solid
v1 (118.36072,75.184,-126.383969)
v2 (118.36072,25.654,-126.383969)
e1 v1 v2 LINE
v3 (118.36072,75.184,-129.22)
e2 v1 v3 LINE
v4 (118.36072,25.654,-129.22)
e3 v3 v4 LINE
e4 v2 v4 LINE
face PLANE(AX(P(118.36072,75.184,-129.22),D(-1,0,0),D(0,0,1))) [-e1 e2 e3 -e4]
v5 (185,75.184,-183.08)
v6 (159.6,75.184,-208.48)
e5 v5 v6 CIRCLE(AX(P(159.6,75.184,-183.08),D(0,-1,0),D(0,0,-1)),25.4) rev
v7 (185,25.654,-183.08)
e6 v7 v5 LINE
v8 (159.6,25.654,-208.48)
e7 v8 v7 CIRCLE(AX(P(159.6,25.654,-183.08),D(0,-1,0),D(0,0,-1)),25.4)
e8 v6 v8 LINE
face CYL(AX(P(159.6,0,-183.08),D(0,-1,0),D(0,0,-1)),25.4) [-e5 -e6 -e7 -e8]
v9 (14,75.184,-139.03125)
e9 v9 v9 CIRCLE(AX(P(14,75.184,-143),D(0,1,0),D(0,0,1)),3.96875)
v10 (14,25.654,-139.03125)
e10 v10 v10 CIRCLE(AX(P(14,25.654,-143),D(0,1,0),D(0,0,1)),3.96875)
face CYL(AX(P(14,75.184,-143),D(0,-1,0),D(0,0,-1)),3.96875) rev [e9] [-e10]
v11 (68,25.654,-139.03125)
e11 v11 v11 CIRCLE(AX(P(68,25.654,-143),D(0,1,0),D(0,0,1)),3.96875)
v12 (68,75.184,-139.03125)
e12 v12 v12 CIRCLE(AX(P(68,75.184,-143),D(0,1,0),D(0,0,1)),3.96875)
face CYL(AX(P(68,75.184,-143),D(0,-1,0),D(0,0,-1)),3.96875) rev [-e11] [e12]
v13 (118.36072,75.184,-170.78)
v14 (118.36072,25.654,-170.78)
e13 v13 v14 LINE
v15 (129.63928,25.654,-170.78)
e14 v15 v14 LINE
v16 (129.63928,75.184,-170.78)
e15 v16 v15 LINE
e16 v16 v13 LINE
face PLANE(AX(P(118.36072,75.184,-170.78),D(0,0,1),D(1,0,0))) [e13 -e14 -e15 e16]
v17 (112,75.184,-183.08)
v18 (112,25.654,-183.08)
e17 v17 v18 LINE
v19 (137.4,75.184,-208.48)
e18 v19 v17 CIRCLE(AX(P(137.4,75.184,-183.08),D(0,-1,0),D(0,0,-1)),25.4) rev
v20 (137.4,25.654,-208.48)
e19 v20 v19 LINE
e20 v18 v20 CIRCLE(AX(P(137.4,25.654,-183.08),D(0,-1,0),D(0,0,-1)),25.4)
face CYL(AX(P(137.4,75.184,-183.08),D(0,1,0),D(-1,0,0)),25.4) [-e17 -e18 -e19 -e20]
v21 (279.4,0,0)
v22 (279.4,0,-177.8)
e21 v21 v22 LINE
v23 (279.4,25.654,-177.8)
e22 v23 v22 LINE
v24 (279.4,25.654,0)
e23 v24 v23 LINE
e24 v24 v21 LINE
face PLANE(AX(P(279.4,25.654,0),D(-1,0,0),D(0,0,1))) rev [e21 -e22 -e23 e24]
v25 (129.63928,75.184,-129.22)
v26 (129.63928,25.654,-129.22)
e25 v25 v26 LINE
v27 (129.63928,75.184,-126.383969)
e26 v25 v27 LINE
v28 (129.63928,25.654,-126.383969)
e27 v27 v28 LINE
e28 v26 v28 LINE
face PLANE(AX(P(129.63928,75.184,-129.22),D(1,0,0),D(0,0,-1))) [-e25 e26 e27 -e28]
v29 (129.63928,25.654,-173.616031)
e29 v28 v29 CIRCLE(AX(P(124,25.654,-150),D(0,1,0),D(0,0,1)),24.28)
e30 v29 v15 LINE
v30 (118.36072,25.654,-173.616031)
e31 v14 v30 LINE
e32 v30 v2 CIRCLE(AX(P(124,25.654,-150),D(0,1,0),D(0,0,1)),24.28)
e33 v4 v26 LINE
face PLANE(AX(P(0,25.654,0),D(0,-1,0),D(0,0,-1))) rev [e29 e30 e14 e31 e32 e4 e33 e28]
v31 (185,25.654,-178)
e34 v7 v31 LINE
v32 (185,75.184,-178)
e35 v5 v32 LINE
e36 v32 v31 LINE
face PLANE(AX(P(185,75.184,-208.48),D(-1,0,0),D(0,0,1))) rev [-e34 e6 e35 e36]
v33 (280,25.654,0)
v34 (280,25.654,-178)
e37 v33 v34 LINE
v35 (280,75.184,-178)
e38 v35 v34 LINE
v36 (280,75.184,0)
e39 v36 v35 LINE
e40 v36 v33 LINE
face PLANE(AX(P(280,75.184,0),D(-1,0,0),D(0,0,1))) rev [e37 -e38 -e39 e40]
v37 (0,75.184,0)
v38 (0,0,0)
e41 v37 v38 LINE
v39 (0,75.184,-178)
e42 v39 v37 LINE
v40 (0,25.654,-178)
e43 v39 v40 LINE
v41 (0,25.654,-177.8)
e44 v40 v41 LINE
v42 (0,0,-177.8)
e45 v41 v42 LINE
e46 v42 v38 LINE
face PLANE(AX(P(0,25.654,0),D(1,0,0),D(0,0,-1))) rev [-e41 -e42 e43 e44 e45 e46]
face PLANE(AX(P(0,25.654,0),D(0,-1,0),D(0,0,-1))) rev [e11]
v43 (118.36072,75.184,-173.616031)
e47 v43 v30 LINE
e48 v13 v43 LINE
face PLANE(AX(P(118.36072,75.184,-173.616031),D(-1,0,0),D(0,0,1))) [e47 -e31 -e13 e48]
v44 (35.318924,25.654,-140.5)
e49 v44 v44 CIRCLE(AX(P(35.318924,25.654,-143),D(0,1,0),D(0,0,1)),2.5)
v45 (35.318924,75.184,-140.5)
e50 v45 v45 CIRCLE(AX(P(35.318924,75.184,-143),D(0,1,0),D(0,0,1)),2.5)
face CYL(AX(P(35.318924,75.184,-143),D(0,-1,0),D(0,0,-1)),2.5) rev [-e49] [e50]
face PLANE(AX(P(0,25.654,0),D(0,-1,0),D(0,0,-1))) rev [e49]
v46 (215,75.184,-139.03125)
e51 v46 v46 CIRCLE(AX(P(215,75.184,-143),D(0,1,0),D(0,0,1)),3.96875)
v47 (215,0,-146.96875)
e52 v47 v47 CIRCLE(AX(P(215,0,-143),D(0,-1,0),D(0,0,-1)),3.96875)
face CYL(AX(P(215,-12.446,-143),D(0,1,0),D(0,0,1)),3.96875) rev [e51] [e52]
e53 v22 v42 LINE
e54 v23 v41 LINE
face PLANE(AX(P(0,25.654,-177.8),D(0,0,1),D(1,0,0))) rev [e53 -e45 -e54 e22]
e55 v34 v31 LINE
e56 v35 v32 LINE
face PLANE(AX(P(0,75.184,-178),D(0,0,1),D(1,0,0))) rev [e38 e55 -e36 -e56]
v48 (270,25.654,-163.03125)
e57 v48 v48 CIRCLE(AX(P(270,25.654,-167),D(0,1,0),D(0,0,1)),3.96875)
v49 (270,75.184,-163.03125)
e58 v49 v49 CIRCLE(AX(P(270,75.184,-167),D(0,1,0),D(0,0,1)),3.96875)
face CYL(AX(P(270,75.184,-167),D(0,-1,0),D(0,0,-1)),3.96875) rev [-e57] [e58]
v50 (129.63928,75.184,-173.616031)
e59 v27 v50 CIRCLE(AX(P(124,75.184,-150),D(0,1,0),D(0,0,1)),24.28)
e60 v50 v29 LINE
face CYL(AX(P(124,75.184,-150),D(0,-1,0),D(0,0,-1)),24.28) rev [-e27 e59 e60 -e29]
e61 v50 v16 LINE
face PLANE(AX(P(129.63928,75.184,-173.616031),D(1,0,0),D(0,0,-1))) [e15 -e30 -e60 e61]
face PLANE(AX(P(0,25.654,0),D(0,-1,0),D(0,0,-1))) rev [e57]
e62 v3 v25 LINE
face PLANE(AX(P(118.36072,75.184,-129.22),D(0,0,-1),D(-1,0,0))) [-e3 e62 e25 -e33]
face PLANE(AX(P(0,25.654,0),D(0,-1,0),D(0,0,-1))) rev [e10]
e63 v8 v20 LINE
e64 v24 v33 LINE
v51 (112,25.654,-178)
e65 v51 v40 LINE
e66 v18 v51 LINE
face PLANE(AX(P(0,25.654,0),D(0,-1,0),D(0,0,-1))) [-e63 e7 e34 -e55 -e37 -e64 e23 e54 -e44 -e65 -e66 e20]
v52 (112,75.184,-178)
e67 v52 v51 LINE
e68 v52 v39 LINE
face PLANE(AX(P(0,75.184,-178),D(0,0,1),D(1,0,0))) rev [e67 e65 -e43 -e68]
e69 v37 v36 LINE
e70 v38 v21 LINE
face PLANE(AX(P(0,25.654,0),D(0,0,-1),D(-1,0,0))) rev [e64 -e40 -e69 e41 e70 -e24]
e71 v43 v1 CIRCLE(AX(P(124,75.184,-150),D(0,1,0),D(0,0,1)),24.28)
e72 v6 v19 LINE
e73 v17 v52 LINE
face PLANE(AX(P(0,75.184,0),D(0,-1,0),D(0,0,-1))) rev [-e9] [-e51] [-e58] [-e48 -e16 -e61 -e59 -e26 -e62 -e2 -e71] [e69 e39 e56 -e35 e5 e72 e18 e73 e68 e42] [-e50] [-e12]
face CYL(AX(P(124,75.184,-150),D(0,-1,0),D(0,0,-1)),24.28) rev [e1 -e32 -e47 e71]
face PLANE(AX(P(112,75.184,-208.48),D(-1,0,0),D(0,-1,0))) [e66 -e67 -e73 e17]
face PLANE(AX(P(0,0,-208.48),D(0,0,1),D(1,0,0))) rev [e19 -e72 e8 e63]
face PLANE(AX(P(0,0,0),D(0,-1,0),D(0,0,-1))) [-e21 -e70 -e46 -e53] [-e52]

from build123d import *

# Parameters (mm, degrees)
SKETCH1_W           = 279.4
SKETCH1_H           = 177.8
BOSS_EXTRUDE1_DEPTH = 25.654
SKETCH9_R           = 3.96875
CUT_EXTRUDE1_DEPTH  = 38.1
SKETCH9_7_R         = 2.5
SKETCH9_7_R_2       = 3.96875
BOSS_EXTRUDE2_DEPTH = 49.53
SKETCH13_W          = 127.6
SKETCH13_H          = 108.000000046
BOSS_EXTRUDE3_DEPTH = 49.53
SKETCH14_W          = 73
SKETCH14_H          = 49.53
BOSS_EXTRUDE4_DEPTH = 30.48
FILLET1_R           = 25.4
FILLET2_R           = 25.4


with BuildPart() as part:
    # Sketch1 → Boss-Extrude1 (new body)
    with BuildSketch(Plane(origin=(0, 0, 0), x_dir=(1, 0, 0), z_dir=(0, 1, 0))):
        with Locations((139.7, 88.9)):
            Rectangle(SKETCH1_W, SKETCH1_H)
    extrude(amount=BOSS_EXTRUDE1_DEPTH)

    # Sketch9 → Cut-Extrude1 (cut)
    with BuildSketch(Plane(origin=(0, 25.654, 0), x_dir=(1, 0, 0), z_dir=(0, 1, 0))):
        with Locations((215, 143)):
            Circle(SKETCH9_R)
    extrude(amount=-CUT_EXTRUDE1_DEPTH, mode=Mode.SUBTRACT)

    # Sketch9<7> → Boss-Extrude2 (add)
    with BuildSketch(Plane(origin=(0, 25.654, 0), x_dir=(1, 0, 0), z_dir=(0, 1, 0))):
        Polygon((0, 108.000000046), (127.6, 108.000000046), (127.6, 0), (280, 0), (280, 178), (0, 178), align=None)
        with Locations((35.318924397, 143)):
            Circle(SKETCH9_7_R, mode=Mode.SUBTRACT)
        with Locations((14, 143)):
            Circle(SKETCH9_7_R_2, mode=Mode.SUBTRACT)
        with Locations((68, 143)):
            Circle(SKETCH9_7_R_2, mode=Mode.SUBTRACT)
        with Locations((270, 167)):
            Circle(SKETCH9_7_R_2, mode=Mode.SUBTRACT)
        with Locations((215, 143)):
            Circle(SKETCH9_7_R_2, mode=Mode.SUBTRACT)
        with BuildLine():
            Line((129.639279667, 129.22), (129.639279667, 126.383968902))
            ThreePointArc((129.639279667, 126.383968902), (148.28, 150), (129.639279667, 173.616031098))
            Line((129.639279667, 173.616031098), (129.639279667, 170.78))
            Line((129.639279667, 170.78), (118.360720333, 170.78))
            Line((118.360720333, 170.78), (118.360720333, 173.616031098))
            ThreePointArc((118.360720333, 173.616031098), (99.72, 150), (118.360720333, 126.383968902))
            Line((118.360720333, 126.383968902), (118.360720333, 129.22))
            Line((118.360720333, 129.22), (129.639279667, 129.22))
        make_face(mode=Mode.SUBTRACT)
    extrude(amount=BOSS_EXTRUDE2_DEPTH)

    # Sketch13 → Boss-Extrude3 (add)
    with BuildSketch(Plane(origin=(0, 25.654, 0), x_dir=(1, 0, 0), z_dir=(0, 1, 0))):
        with Locations((63.8, 54.000000023)):
            Rectangle(SKETCH13_W, SKETCH13_H)
    extrude(amount=BOSS_EXTRUDE3_DEPTH)

    # Sketch14 → Boss-Extrude4 (add)
    with BuildSketch(Plane(origin=(0, 0, -178), x_dir=(-1, 0, 0), z_dir=(0, 0, -1))):
        with Locations((-148.500000008, 50.419)):
            Rectangle(SKETCH14_W, SKETCH14_H)
    extrude(amount=BOSS_EXTRUDE4_DEPTH)

    # Fillet1
    fillet1_edges = [part.edges().sort_by_distance(p)[0] for p in [
        (185.000000008, 50.419, -208.48),
    ]]
    fillet(fillet1_edges, radius=FILLET1_R)

    # Fillet2
    fillet2_edges = [part.edges().sort_by_distance(p)[0] for p in [
        (112.000000008, 50.419, -208.48),
    ]]
    fillet(fillet2_edges, radius=FILLET2_R)


solid = part.part
